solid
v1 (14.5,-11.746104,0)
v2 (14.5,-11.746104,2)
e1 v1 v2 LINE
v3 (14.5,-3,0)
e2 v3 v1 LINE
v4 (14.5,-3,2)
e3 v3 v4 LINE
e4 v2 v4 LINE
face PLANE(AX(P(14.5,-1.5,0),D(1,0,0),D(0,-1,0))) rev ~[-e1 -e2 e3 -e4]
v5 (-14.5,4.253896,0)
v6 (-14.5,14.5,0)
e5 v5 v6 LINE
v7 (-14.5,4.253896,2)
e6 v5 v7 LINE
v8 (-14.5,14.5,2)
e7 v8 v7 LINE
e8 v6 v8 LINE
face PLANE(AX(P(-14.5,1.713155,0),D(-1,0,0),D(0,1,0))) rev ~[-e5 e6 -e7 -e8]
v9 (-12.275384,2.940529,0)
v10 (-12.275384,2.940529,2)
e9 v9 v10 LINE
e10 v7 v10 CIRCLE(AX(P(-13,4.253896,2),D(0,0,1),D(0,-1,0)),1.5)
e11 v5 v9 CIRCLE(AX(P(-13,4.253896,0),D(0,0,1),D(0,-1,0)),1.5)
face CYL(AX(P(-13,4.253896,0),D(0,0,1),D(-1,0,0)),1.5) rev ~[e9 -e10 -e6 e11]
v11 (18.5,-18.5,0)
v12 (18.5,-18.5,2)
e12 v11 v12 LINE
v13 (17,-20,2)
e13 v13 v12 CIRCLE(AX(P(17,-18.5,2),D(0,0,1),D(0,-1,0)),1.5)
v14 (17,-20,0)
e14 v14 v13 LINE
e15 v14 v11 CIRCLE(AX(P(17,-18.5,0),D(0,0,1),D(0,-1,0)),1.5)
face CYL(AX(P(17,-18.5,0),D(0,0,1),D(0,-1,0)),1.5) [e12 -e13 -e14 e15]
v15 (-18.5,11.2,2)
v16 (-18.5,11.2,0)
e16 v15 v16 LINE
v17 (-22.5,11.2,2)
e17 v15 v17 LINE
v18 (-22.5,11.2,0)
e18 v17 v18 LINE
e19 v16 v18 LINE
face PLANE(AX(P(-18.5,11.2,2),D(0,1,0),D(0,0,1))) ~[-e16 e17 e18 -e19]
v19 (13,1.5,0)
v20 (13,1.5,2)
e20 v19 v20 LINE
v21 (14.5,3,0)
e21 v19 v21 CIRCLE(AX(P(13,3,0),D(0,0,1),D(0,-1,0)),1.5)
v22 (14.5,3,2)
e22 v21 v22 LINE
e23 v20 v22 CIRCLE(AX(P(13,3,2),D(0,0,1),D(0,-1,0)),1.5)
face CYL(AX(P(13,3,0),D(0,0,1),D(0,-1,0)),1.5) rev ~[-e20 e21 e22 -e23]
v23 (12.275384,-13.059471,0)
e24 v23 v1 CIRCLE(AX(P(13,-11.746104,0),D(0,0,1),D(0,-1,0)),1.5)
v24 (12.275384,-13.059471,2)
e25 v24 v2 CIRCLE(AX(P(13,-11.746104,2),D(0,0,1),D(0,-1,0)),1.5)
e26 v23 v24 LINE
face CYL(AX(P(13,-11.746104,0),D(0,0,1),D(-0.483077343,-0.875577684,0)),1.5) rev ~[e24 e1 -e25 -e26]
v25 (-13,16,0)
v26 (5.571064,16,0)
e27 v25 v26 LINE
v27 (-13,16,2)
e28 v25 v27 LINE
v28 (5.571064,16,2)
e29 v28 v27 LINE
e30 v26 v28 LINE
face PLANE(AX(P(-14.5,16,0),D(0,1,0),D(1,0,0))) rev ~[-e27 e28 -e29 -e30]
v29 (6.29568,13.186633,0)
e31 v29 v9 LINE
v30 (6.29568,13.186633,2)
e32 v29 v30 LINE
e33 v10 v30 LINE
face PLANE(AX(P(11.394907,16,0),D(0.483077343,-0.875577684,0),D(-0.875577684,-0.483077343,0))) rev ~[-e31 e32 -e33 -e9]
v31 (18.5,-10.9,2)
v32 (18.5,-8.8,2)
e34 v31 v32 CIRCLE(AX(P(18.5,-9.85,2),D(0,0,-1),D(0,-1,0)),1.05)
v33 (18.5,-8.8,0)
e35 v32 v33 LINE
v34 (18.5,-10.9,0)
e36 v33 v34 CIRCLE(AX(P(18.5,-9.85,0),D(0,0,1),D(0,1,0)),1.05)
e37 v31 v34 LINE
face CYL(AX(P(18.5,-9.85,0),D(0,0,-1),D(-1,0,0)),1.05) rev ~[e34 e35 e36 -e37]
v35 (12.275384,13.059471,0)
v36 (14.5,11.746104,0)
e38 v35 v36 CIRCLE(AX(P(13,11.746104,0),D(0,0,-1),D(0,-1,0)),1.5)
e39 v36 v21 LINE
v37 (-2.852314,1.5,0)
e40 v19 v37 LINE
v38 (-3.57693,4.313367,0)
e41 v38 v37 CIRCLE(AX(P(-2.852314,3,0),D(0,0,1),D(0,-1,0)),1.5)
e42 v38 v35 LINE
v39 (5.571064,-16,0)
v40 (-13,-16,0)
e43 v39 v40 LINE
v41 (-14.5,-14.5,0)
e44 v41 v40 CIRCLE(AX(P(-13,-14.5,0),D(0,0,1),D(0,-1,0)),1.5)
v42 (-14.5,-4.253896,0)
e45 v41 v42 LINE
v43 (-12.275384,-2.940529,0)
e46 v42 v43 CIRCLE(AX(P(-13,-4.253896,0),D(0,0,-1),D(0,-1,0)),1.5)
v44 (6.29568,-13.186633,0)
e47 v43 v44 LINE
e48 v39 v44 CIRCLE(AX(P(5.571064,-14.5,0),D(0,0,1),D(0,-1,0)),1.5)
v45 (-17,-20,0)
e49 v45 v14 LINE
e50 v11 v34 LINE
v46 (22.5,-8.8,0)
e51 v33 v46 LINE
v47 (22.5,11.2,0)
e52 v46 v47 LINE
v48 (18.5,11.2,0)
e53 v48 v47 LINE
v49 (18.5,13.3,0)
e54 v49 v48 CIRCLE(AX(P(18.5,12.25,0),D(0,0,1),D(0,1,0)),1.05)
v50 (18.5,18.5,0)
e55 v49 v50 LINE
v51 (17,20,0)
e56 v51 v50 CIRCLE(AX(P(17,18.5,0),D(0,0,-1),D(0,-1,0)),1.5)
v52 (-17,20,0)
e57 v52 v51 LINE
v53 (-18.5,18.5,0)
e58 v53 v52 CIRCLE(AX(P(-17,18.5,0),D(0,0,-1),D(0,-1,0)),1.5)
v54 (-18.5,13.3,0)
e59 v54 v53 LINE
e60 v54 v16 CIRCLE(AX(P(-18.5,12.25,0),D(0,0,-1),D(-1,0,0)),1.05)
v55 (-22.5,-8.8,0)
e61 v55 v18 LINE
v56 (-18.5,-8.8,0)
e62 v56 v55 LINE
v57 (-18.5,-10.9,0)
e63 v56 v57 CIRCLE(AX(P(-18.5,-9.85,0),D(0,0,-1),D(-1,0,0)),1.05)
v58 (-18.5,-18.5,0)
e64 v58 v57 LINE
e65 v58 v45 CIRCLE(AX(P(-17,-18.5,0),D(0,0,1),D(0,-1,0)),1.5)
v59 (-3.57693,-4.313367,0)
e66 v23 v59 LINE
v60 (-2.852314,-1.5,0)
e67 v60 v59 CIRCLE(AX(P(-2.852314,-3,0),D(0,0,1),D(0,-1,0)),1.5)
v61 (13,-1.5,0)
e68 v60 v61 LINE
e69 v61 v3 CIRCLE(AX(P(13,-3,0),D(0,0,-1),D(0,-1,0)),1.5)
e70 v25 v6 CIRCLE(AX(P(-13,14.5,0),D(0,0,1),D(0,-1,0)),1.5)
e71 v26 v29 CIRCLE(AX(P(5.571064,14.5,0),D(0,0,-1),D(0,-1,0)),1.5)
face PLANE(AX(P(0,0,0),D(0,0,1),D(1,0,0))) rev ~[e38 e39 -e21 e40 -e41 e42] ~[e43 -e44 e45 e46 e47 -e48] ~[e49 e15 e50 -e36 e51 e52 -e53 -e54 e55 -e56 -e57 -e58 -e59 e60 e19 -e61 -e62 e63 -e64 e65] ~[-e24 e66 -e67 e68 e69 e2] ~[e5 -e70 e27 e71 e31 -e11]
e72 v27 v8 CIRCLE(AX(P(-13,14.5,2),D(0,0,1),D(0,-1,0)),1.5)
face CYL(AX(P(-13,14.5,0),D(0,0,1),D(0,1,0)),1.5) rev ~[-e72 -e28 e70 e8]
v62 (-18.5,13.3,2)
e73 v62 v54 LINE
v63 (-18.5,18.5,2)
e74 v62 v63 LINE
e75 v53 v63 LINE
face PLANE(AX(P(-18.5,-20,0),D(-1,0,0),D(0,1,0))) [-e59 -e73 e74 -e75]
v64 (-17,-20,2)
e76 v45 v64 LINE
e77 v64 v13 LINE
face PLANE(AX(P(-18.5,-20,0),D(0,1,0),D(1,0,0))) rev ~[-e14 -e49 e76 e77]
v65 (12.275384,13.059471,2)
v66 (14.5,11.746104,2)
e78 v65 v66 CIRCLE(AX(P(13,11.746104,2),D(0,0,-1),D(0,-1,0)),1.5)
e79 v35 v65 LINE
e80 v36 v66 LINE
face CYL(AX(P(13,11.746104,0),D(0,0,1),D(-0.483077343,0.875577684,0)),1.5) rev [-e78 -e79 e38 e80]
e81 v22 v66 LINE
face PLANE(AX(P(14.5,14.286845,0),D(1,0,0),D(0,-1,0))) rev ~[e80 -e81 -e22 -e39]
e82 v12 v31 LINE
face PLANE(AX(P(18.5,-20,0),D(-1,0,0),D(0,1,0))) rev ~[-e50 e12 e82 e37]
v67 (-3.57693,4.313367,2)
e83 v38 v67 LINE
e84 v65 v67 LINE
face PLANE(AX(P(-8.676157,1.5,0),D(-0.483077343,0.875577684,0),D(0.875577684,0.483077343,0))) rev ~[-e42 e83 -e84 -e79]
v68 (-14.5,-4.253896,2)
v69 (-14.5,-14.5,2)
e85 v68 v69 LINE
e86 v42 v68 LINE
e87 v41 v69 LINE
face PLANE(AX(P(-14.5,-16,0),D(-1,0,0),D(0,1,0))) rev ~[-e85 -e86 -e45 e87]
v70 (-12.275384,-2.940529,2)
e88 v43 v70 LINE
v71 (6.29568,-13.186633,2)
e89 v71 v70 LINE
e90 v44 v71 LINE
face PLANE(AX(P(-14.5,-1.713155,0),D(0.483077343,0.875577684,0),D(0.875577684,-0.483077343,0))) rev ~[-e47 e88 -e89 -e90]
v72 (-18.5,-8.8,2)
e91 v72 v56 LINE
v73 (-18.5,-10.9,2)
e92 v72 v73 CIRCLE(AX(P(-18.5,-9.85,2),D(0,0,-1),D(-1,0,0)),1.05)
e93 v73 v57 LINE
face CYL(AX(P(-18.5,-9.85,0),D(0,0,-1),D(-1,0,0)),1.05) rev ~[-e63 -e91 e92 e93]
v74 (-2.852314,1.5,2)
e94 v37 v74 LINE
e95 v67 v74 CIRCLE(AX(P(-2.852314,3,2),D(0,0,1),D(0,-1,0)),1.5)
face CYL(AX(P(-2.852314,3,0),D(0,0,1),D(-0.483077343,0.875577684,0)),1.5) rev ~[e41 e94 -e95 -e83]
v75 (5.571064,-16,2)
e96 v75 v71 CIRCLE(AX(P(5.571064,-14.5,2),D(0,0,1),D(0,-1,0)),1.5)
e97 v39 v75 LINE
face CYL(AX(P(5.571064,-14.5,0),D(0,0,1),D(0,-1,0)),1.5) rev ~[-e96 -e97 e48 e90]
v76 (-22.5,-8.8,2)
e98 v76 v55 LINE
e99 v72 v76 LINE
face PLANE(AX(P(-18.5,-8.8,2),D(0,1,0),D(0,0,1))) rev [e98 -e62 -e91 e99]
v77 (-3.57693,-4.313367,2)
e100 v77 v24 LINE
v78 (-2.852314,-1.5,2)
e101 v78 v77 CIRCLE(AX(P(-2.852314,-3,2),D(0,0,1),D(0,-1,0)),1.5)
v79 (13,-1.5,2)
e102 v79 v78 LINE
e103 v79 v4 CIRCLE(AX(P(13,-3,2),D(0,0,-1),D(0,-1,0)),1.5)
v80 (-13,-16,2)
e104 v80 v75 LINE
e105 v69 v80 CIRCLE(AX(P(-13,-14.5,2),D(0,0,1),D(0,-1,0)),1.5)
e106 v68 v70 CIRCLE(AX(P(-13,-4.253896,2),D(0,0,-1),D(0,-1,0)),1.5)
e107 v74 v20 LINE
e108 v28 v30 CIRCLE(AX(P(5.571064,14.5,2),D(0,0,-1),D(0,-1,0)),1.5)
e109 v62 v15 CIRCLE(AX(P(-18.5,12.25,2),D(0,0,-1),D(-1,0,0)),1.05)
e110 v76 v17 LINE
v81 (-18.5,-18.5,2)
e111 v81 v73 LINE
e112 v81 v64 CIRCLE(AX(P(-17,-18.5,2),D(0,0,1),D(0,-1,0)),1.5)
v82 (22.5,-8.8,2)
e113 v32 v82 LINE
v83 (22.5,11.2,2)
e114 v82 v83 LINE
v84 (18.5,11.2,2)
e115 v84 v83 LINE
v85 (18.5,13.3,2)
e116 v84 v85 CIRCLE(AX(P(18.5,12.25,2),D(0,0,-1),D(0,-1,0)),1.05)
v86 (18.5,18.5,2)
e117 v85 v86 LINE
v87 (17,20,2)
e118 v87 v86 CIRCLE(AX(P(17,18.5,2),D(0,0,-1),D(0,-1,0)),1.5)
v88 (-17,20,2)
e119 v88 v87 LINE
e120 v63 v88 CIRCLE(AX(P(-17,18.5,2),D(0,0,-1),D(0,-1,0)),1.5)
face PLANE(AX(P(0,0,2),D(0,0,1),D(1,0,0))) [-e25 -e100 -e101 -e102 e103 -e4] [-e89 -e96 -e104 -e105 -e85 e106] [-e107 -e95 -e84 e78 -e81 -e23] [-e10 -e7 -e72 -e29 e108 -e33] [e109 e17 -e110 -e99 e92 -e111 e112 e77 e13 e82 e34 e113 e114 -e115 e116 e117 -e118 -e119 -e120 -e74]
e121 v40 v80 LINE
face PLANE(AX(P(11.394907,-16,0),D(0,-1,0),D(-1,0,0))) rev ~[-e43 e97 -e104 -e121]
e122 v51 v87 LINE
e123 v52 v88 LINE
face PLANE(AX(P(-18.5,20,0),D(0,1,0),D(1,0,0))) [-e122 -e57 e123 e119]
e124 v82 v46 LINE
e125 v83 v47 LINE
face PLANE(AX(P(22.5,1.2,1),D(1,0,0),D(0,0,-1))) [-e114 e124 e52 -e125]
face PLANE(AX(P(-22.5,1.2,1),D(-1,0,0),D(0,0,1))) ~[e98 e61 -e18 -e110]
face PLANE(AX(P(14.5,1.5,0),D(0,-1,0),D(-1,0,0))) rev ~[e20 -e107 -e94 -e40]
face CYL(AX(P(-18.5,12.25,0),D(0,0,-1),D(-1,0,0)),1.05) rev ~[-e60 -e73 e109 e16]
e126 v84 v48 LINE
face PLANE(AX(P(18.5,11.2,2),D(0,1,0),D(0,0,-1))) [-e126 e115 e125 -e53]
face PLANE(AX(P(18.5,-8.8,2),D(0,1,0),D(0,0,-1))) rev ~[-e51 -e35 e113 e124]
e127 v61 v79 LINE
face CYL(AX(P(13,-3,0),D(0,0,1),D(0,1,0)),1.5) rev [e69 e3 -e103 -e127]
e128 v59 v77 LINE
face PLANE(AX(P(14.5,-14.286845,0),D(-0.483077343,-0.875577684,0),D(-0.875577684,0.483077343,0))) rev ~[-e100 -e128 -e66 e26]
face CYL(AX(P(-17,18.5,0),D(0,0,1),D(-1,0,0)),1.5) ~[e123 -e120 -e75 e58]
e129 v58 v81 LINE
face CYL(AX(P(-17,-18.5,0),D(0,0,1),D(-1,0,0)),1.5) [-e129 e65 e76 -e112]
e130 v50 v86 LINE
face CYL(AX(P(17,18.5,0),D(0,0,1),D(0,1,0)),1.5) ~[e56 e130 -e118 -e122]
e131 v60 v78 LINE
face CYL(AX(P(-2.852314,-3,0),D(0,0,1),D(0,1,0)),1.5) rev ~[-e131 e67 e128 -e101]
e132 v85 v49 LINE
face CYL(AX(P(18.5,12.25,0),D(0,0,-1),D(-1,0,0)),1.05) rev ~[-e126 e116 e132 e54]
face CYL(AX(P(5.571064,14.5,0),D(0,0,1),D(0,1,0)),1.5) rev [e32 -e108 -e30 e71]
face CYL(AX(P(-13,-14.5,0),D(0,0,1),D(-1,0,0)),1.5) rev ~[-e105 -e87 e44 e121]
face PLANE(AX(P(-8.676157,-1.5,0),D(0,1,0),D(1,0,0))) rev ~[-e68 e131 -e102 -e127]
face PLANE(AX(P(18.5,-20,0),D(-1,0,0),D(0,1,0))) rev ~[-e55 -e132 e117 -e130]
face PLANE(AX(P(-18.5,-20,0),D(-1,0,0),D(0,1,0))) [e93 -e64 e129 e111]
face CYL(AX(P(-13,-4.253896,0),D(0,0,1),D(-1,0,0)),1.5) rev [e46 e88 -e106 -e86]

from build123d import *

# Parameters (mm, degrees)
SKETCH_1_W          = 37
SKETCH_1_H          = 40
EXTRUDE_1_DEPTH     = 2
SKETCH_2_W          = 2
SKETCH_2_H          = 20
EXTRUDE_2_DEPTH     = 4
SKETCH_3_R          = 1.05
CUT_EXTRUDE_1_DEPTH = 3
CUT_EXTRUDE_2_DEPTH = 10
FILLET_1_R          = 1.5


with BuildPart() as part:
    # 草图1 → 凸台-拉伸1 (new body)
    with BuildSketch(Plane.XY):
        Rectangle(SKETCH_1_W, SKETCH_1_H)
    extrude(amount=EXTRUDE_1_DEPTH)

    # 草图2 → 凸台-拉伸2 (add)
    with BuildSketch(Plane(origin=(18.5, 0, 0), x_dir=(0, 0, -1), z_dir=(1, 0, 0))):
        with Locations((-1, 1.2)):
            Rectangle(SKETCH_2_W, SKETCH_2_H)
    extrude_2 = extrude(amount=EXTRUDE_2_DEPTH)

    # 镜向1: 凸台-拉伸2 across plane
    add(extrude_2.mirror(Plane(origin=(0, 0, 0), x_dir=(0, 0, 1), z_dir=(1, 0, 0))))

    # 草图3 → 切除-拉伸1 (cut)
    with BuildSketch(Plane(origin=(0, 0, 0), x_dir=(-1, 0, 0), z_dir=(0, 0, -1))):
        with Locations((18.5, 12.25)):
            Circle(SKETCH_3_R)
        with Locations((18.5, -9.85)):
            Circle(SKETCH_3_R)
        with Locations((-18.5, -9.85)):
            Circle(SKETCH_3_R)
        with Locations((-18.5, 12.25)):
            Circle(SKETCH_3_R)
    extrude(amount=-CUT_EXTRUDE_1_DEPTH, mode=Mode.SUBTRACT)

    # 草图4 → 切除-拉伸2 (cut)
    with BuildSketch(Plane(origin=(0, 0, 0), x_dir=(-1, 0, 0), z_dir=(0, 0, -1))):
        Polygon((14.5, -1.713154672), (-11.394907157, -16), (14.5, -16), align=None)
        Polygon((-14.5, -1.5), (-14.5, -14.286845328), (8.676157157, -1.5), align=None)
        Polygon((-14.5, 14.286845328), (-14.5, 1.5), (8.676157157, 1.5), align=None)
        Polygon((-11.394907157, 16), (14.5, 1.713154672), (14.5, 16), align=None)
    extrude(amount=-CUT_EXTRUDE_2_DEPTH, mode=Mode.SUBTRACT)

    # 圆角1
    fillet_1_edges = [part.edges().sort_by_distance(p)[0] for p in [
        (11.394907157, 16, 1),
        (-14.5, 16, 1),
        (-14.5, 1.713154672, 1),
        (-14.5, -1.713154672, 1),
        (-14.5, -16, 1),
        (11.394907157, -16, 1),
        (18.5, -20, 1),
        (-18.5, -20, 1),
        (-18.5, 20, 1),
        (18.5, 20, 1),
        (14.5, -1.5, 1),
        (-8.676157157, -1.5, 1),
        (14.5, -14.286845328, 1),
        (14.5, 1.5, 1),
        (14.5, 14.286845328, 1),
        (-8.676157157, 1.5, 1),
    ]]
    fillet(fillet_1_edges, radius=FILLET_1_R)


solid = part.part
